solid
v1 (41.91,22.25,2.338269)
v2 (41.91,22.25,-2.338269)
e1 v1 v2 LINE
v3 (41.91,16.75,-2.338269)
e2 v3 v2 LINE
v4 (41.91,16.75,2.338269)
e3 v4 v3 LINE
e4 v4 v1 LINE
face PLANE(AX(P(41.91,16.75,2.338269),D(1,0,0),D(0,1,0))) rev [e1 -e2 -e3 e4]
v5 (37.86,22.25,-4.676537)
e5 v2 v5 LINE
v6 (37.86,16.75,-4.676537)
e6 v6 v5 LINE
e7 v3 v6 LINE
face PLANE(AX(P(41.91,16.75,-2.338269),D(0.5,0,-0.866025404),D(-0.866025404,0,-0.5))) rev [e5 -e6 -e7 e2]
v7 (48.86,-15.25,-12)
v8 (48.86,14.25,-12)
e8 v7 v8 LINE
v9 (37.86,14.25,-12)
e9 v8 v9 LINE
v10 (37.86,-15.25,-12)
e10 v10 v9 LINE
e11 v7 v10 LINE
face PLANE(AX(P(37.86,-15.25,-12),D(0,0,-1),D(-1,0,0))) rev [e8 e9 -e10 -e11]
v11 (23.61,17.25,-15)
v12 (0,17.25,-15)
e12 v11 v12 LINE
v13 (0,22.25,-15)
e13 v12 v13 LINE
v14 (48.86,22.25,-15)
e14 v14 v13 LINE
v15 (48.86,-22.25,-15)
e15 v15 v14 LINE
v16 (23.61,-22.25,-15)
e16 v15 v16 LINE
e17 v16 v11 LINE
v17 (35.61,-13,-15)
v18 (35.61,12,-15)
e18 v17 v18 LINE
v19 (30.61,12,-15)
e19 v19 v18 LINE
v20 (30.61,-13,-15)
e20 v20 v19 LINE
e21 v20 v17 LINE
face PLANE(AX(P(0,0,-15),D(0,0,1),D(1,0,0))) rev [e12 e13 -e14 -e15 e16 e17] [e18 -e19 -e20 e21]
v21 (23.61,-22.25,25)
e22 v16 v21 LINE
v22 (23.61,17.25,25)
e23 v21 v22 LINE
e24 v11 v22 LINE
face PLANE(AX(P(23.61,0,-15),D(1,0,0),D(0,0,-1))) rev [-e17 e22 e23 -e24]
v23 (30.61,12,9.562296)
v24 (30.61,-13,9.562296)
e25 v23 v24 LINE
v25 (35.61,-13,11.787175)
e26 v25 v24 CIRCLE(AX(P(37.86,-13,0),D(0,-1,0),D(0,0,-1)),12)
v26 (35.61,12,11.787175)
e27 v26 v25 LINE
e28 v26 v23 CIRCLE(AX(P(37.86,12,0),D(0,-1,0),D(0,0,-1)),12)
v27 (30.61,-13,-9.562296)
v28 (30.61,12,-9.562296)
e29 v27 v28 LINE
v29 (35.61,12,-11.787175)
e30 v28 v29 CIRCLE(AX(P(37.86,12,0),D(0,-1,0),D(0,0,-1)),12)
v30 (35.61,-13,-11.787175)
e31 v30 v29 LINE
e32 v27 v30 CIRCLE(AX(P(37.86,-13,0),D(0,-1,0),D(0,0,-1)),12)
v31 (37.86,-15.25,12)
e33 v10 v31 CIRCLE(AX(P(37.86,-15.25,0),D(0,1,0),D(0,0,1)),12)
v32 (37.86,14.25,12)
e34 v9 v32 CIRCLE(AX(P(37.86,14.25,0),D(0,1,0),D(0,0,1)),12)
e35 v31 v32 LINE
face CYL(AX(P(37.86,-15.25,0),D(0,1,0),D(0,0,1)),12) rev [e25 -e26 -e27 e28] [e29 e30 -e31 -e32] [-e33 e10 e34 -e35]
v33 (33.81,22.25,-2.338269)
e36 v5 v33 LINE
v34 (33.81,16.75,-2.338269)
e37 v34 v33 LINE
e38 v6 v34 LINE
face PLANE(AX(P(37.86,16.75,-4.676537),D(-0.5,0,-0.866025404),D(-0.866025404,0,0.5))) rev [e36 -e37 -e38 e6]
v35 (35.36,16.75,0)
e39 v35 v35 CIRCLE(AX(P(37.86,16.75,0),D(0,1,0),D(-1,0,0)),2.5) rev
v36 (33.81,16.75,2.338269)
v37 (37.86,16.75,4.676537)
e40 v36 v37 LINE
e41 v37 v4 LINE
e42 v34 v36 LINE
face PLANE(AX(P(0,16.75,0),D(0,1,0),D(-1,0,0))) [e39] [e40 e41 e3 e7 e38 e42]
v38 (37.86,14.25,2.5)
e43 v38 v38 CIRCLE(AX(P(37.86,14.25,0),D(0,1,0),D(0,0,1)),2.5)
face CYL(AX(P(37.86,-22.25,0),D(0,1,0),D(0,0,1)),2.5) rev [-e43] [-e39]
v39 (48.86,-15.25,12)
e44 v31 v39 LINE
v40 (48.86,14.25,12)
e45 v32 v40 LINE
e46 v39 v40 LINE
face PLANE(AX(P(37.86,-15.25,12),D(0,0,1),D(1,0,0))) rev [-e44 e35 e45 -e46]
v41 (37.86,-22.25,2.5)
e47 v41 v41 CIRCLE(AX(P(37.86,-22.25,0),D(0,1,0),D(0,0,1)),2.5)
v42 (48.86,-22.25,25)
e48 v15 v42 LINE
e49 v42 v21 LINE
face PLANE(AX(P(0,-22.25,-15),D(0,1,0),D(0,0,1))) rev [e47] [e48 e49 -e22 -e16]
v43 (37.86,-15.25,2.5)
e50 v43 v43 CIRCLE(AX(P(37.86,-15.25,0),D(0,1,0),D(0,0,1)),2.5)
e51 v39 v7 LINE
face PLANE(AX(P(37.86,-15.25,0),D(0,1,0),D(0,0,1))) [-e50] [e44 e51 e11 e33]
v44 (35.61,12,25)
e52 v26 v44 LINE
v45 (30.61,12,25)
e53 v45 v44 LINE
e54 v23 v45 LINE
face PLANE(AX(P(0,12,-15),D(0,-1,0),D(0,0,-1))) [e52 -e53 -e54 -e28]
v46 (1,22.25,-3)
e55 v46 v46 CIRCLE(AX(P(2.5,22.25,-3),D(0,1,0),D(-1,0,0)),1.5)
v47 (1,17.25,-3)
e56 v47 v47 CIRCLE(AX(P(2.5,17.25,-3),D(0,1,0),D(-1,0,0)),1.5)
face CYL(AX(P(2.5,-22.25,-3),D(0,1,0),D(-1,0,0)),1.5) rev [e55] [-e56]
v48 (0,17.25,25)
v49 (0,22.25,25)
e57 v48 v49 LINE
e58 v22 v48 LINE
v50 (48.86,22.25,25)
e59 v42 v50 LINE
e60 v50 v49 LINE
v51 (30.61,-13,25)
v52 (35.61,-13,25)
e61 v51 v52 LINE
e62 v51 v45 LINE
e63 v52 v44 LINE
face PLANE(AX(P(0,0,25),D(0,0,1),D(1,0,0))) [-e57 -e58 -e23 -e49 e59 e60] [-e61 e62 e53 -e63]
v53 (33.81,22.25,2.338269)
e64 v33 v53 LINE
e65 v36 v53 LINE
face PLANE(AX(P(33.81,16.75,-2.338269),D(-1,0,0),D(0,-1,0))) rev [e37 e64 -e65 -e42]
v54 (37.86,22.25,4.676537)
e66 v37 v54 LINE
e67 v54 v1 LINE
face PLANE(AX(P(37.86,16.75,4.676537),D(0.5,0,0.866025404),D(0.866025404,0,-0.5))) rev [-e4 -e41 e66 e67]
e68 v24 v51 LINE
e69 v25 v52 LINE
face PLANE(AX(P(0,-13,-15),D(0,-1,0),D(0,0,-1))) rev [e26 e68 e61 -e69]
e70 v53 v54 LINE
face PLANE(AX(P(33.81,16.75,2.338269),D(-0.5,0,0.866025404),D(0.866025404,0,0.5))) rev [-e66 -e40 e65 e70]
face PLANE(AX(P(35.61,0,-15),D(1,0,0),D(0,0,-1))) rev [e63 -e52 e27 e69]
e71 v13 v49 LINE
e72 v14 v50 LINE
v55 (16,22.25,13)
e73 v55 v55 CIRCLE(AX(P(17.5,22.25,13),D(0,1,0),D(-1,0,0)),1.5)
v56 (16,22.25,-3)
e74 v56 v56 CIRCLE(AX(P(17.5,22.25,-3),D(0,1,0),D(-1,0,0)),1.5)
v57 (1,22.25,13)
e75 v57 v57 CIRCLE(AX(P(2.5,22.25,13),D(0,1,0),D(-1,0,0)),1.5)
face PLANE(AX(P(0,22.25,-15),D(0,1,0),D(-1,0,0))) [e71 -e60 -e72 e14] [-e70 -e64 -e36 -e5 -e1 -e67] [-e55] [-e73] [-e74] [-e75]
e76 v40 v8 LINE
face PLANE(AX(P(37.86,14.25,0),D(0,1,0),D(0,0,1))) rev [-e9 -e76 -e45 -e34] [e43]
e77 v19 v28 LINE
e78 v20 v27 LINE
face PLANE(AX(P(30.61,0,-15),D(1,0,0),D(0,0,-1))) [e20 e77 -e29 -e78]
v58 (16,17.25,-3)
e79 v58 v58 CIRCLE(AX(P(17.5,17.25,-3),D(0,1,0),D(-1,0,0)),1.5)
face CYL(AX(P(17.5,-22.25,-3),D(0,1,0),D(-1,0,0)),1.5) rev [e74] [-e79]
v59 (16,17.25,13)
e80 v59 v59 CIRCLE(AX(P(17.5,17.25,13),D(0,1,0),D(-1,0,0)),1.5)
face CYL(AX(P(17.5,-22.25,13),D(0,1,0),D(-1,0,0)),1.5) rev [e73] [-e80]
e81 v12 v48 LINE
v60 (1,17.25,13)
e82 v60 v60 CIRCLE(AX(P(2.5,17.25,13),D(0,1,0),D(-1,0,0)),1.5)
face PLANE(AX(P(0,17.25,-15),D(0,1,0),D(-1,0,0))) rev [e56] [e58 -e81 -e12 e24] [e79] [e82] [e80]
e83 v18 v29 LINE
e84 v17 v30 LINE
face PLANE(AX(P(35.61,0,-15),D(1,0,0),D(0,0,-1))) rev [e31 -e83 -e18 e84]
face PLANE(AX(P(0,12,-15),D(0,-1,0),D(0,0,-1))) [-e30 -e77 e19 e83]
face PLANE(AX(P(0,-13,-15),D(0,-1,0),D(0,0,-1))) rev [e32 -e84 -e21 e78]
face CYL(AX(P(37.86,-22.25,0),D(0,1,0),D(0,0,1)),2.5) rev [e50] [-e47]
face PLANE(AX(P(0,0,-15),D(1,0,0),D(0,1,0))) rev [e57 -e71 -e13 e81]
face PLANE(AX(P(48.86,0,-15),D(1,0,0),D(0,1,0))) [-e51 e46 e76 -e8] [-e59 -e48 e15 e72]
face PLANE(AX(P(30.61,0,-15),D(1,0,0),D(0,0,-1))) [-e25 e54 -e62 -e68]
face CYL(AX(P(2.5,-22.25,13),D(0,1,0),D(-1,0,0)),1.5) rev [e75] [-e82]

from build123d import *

# Parameters (mm, degrees)
SKETCH1_W                = 5
SKETCH1_H                = 25
BOSS_EXTRUDE1_DEPTH      = 25
BOSS_EXTRUDE1_DEPTH_BACK = 15
CUT_EXTRUDE1_START       = -15.25
CUT_EXTRUDE1_DEPTH       = 29.5
SKETCH5_R                = 2.5
CUT_EXTRUDE4_DEPTH       = 38.5
CUT_EXTRUDE4_DEPTH_BACK  = 8
CUT_EXTRUDE5_DEPTH       = 5.5
SKETCH7_R                = 1.5
CUT_EXTRUDE6_DEPTH       = 45.5


with BuildPart() as part:
    # Sketch1 → Boss-Extrude1 (new body, two sides)
    with BuildSketch(Plane.XY) as boss_extrude1_sk:
        Polygon((23.61, -22.25), (48.86, -22.25), (48.86, 22.25), (0, 22.25), (0, 17.25), (23.61, 17.25), align=None)
        with Locations((33.11, -0.5)):
            Rectangle(SKETCH1_W, SKETCH1_H, mode=Mode.SUBTRACT)
    extrude(amount=BOSS_EXTRUDE1_DEPTH)
    extrude(boss_extrude1_sk.sketch, amount=-BOSS_EXTRUDE1_DEPTH_BACK)

    # Sketch2 → Cut-Extrude1 (cut)
    with BuildSketch(Plane(origin=(0, 0, 0), x_dir=(1, 0, 0), z_dir=(0, 1, 0)).offset(CUT_EXTRUDE1_START)):
        with BuildLine():
            Line((37.86, 12), (48.86, 12))
            Line((48.86, 12), (48.86, -12))
            Line((48.86, -12), (37.86, -12))
            ThreePointArc((37.86, -12), (25.86, 0), (37.86, 12))
        make_face()
    extrude(amount=CUT_EXTRUDE1_DEPTH, mode=Mode.SUBTRACT)

    # Sketch5 → Cut-Extrude4 (cut, two sides)
    with BuildSketch(Plane(origin=(0, -15.25, 0), x_dir=(1, 0, 0), z_dir=(0, 1, 0))) as cut_extrude4_sk:
        with Locations((37.86, 0)):
            Circle(SKETCH5_R)
    extrude(amount=CUT_EXTRUDE4_DEPTH, mode=Mode.SUBTRACT)
    extrude(cut_extrude4_sk.sketch, amount=-CUT_EXTRUDE4_DEPTH_BACK, mode=Mode.SUBTRACT)

    # Sketch6 → Cut-Extrude5 (cut)
    with BuildSketch(Plane(origin=(0, 22.25, 0), x_dir=(1, 0, 0), z_dir=(0, 1, 0))):
        Polygon((41.91, 2.33826859), (37.86, 4.67653718), (33.81, 2.33826859), (33.81, -2.33826859), (37.86, -4.67653718), (41.91, -2.33826859), align=None)
    extrude(amount=-CUT_EXTRUDE5_DEPTH, mode=Mode.SUBTRACT)

    # Sketch7 → Cut-Extrude6 (cut, through all)
    with BuildSketch(Plane(origin=(0, 22.25, 0), x_dir=(1, 0, 0), z_dir=(0, 1, 0))):
        with Locations((2.5, 3)):
            Circle(SKETCH7_R)
        with Locations((17.5, 3)):
            Circle(SKETCH7_R)
        with Locations((17.5, -13)):
            Circle(SKETCH7_R)
        with Locations((2.5, -13)):
            Circle(SKETCH7_R)
    extrude(amount=-CUT_EXTRUDE6_DEPTH, mode=Mode.SUBTRACT)


solid = part.part
